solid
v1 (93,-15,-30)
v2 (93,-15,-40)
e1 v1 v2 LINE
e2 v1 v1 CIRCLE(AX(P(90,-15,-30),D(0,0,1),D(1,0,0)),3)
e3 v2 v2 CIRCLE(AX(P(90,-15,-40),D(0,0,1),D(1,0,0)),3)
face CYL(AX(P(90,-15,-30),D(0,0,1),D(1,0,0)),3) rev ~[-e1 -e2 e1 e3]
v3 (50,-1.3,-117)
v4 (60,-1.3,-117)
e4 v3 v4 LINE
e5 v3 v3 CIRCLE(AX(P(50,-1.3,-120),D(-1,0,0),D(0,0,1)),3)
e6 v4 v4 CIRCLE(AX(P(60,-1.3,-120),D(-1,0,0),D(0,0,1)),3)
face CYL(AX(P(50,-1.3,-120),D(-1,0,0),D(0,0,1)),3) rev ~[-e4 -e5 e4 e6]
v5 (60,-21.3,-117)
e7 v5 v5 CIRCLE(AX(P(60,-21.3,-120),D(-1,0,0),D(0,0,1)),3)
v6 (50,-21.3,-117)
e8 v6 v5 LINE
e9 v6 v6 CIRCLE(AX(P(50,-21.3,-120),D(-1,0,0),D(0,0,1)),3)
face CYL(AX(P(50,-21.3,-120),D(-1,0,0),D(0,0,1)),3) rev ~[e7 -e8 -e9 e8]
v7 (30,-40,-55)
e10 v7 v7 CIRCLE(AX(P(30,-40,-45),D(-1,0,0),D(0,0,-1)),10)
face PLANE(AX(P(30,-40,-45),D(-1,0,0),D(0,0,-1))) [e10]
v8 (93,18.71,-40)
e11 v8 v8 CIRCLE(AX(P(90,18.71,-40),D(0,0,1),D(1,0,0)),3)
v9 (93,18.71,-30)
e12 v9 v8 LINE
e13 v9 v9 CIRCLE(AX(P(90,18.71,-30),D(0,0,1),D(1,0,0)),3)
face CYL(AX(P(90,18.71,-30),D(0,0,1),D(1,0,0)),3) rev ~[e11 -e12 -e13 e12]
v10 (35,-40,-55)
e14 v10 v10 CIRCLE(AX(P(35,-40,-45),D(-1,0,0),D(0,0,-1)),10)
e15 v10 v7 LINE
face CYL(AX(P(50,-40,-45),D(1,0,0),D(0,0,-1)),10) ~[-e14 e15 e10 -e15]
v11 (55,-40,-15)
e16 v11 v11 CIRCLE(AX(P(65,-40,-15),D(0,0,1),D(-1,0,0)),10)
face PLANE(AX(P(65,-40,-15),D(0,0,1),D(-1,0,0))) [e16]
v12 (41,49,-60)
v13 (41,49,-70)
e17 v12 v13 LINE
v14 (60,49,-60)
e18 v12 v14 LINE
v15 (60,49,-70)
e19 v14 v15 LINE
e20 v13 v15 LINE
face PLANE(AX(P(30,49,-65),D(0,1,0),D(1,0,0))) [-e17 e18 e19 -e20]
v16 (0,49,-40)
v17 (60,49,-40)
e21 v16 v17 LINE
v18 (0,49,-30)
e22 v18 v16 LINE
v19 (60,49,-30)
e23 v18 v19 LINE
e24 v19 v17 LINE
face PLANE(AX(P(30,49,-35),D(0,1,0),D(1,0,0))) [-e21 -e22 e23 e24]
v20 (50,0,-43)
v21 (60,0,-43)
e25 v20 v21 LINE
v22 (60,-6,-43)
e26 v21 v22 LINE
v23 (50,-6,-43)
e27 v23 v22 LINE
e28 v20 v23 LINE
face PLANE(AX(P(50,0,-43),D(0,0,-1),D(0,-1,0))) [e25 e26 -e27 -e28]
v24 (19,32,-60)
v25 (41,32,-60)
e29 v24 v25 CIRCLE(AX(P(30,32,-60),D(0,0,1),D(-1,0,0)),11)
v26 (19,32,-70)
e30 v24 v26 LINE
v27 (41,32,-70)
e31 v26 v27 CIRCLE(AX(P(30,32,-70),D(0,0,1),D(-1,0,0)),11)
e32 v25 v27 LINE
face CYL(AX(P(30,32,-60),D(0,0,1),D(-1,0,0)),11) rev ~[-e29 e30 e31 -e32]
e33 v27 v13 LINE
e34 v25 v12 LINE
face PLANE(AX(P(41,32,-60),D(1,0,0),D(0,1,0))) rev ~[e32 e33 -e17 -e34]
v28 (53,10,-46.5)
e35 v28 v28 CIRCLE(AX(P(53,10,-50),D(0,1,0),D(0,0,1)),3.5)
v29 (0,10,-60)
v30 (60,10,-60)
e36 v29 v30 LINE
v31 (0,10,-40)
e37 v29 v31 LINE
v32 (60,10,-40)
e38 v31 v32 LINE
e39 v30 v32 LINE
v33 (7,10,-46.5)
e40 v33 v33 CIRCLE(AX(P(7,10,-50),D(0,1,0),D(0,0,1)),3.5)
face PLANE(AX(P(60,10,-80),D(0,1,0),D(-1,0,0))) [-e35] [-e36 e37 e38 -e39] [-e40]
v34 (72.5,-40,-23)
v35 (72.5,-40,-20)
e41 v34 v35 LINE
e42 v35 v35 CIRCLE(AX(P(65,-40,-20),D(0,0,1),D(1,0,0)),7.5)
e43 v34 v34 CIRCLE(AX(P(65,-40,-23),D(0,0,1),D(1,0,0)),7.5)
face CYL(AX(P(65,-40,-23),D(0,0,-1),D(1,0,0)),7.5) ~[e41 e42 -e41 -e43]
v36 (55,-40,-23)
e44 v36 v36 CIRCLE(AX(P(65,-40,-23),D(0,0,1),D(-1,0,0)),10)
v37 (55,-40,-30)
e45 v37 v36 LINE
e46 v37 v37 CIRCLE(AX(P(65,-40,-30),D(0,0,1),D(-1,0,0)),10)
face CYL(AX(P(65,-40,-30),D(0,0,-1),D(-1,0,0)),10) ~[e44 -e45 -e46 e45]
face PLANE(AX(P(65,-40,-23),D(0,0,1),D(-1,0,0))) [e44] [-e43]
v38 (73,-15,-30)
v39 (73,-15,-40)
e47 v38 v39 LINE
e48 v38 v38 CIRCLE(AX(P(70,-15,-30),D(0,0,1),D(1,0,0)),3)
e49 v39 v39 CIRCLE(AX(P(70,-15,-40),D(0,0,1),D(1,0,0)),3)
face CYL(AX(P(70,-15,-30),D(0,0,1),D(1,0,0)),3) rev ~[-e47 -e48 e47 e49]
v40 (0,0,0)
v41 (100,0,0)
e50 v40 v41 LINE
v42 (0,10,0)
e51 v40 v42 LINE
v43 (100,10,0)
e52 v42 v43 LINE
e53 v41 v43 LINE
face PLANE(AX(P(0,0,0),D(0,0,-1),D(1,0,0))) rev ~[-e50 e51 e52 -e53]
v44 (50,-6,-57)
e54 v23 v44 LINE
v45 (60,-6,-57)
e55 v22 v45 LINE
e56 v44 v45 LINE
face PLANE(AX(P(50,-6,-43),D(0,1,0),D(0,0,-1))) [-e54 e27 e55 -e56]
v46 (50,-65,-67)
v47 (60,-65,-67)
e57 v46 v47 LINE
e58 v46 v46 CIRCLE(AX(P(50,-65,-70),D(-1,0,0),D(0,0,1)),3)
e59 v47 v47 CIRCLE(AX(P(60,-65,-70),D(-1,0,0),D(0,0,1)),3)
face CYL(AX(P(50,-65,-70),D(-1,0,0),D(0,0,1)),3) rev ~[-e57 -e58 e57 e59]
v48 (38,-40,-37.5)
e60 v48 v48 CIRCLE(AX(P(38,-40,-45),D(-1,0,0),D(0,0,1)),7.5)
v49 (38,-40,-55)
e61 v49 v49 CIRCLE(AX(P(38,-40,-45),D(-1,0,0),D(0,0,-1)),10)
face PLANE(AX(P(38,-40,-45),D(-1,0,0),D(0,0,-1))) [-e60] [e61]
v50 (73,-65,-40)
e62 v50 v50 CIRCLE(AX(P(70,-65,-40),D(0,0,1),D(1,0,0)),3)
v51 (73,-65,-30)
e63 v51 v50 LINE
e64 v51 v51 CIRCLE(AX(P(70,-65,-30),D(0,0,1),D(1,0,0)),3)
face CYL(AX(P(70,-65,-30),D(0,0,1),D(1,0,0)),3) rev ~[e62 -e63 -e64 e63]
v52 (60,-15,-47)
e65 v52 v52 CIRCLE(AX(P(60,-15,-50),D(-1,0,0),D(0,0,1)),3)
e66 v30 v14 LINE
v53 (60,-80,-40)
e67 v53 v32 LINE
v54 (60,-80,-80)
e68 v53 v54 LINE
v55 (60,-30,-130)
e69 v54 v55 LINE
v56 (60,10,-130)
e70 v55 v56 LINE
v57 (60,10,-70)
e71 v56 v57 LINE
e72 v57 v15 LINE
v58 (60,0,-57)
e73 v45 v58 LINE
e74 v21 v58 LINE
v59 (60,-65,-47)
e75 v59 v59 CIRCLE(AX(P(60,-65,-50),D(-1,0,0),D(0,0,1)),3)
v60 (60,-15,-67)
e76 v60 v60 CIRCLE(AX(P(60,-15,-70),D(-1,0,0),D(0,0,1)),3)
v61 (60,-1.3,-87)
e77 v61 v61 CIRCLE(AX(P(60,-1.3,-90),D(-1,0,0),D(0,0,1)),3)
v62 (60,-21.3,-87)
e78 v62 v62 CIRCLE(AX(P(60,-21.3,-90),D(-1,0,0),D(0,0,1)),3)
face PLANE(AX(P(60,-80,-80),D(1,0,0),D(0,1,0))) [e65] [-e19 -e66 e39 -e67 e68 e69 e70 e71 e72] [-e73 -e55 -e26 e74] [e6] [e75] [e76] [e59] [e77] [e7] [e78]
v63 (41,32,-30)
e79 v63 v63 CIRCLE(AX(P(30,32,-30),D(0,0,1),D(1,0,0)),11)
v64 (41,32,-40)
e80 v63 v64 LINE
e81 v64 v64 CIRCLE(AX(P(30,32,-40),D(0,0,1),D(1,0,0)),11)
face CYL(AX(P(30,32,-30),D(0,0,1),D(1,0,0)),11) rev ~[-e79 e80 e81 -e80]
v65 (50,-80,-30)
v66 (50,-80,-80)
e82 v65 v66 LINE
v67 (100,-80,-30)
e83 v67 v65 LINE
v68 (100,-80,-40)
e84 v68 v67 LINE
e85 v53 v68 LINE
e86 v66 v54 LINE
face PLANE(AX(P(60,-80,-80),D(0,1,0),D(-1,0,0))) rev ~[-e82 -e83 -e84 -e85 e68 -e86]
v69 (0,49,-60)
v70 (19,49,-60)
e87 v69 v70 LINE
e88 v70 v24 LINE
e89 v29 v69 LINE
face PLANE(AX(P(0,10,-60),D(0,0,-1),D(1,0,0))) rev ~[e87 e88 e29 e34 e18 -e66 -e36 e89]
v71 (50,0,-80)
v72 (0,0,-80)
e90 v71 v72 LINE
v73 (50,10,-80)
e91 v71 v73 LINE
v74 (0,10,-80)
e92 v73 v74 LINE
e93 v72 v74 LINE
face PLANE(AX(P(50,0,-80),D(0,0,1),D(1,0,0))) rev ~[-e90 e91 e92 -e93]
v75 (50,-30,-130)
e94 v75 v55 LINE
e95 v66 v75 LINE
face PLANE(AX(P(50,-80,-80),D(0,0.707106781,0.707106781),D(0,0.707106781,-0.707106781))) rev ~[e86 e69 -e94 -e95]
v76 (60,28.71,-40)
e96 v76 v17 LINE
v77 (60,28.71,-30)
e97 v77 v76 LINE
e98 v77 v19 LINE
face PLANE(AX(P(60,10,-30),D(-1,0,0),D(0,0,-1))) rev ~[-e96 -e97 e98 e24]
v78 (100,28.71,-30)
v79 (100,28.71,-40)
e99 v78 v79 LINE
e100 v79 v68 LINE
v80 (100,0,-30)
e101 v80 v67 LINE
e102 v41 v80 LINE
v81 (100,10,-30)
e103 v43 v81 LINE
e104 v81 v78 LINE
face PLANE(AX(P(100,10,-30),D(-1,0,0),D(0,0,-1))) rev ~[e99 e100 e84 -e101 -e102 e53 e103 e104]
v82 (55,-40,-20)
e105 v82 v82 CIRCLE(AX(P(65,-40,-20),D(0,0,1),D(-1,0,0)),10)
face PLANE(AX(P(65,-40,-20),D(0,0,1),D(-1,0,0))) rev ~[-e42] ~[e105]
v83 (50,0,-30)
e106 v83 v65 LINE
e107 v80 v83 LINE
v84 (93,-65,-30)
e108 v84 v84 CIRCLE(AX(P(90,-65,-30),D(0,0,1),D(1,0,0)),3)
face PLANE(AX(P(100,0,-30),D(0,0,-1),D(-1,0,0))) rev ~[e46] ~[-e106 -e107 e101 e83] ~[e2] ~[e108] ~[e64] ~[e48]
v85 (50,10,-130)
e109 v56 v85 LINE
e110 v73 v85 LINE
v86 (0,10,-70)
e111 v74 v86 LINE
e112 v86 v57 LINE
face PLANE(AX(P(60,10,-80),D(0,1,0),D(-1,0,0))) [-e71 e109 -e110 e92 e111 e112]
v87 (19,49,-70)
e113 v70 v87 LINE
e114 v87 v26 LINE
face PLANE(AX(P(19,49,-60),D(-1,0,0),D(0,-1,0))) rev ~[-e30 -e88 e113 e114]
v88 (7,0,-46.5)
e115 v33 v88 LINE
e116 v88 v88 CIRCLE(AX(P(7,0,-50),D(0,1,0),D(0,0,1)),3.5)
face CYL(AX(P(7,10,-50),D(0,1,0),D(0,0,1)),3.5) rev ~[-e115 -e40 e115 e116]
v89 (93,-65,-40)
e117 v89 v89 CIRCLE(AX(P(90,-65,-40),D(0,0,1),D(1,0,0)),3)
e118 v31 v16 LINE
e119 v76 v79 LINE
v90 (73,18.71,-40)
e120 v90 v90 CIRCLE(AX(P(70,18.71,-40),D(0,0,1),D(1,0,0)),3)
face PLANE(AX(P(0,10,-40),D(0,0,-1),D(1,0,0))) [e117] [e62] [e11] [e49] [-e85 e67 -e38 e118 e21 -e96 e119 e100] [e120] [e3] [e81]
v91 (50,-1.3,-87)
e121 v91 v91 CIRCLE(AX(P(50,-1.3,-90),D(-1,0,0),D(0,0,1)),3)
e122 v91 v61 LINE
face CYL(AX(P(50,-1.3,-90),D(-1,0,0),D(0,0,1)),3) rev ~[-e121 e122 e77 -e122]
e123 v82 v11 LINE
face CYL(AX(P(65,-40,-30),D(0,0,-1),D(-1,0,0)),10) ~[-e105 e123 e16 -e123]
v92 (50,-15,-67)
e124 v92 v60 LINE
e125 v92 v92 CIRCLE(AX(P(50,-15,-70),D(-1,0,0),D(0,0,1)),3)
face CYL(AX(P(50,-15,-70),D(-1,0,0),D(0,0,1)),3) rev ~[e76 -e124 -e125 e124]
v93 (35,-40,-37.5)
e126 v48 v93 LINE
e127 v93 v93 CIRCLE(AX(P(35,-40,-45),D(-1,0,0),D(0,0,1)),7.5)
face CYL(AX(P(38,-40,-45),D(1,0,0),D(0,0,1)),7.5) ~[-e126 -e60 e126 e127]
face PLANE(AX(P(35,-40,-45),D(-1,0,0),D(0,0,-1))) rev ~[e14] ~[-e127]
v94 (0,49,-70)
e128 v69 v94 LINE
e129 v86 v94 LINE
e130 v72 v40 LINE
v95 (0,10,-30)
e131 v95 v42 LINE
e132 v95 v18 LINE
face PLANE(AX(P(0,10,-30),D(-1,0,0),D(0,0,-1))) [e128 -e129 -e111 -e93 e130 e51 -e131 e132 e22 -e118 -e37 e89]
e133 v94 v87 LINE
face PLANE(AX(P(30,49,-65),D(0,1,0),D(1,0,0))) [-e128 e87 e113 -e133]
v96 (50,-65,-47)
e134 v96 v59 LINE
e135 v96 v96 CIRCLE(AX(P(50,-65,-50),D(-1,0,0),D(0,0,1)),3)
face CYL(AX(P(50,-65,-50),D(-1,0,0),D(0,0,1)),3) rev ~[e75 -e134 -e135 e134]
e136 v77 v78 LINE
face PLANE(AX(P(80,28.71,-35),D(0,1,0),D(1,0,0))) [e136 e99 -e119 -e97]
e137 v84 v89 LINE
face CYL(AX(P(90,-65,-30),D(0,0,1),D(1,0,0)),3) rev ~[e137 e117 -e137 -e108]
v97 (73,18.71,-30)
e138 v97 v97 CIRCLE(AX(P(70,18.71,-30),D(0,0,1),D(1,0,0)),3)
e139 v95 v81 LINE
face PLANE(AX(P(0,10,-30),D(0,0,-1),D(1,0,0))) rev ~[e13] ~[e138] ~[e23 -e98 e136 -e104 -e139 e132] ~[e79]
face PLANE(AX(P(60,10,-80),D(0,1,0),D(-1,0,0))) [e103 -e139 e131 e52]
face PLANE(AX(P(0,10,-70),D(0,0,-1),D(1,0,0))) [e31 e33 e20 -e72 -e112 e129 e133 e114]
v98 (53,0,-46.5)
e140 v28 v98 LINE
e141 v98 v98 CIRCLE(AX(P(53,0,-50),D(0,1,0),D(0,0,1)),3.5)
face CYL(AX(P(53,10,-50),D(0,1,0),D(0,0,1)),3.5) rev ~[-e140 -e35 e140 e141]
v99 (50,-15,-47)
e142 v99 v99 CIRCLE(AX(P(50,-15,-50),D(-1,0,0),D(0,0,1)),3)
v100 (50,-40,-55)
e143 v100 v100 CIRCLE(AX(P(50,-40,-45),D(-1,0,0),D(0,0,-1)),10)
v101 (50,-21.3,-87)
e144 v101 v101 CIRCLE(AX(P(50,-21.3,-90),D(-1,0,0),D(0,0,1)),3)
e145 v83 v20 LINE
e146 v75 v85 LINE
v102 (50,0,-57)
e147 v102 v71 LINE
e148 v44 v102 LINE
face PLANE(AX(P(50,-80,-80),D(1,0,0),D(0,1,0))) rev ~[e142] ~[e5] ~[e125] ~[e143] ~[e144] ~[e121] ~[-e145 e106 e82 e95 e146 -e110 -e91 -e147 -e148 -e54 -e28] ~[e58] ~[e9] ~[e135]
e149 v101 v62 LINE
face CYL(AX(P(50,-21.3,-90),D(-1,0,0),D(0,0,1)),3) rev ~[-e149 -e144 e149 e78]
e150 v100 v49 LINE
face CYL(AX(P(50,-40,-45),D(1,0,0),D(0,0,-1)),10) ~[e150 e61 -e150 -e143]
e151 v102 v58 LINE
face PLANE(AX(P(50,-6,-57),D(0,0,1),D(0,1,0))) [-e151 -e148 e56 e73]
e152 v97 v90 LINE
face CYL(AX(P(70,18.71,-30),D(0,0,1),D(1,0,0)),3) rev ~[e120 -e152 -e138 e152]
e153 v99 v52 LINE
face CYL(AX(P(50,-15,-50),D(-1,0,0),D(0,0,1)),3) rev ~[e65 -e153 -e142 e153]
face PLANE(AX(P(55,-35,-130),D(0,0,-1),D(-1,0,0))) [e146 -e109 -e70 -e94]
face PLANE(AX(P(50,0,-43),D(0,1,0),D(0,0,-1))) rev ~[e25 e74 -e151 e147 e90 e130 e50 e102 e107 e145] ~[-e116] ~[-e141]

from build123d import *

# Parameters (mm, degrees)
BOSS_EXTRUDE1_DEPTH = 10
BOSS_EXTRUDE2_DEPTH = 80
SKETCH3_W           = 40
SKETCH3_H           = 10
BOSS_EXTRUDE3_DEPTH = 18.71
SKETCH4_W           = 10
SKETCH4_H           = 90
BOSS_EXTRUDE4_DEPTH = 50
CUT_EXTRUDE1_REACH  = 162.624
SKETCH6_R           = 3.5
CUT_EXTRUDE2_DEPTH  = 10
CUT_EXTRUDE3_DEPTH  = 10
SKETCH8_R           = 3
CUT_EXTRUDE4_DEPTH  = 10
SKETCH9_R           = 3
CUT_EXTRUDE5_DEPTH  = 10
SKETCH10_W          = 60
SKETCH10_H          = 10
BOSS_EXTRUDE5_DEPTH = 39
SKETCH11_R          = 11
CUT_EXTRUDE6_DEPTH  = 10
CUT_EXTRUDE7_START  = -10
CUT_EXTRUDE7_DEPTH  = 10
SKETCH13_R          = 10
BOSS_EXTRUDE6_DEPTH = 15
CUT_EXTRUDE8_START  = -8
SKETCH14_R          = 10
SKETCH14_R_2        = 7.5
CUT_EXTRUDE8_DEPTH  = 3
SKETCH15_R          = 10
BOSS_EXTRUDE7_DEPTH = 20
CUT_EXTRUDE9_START  = -8
SKETCH16_R          = 10
SKETCH16_R_2        = 7.5
CUT_EXTRUDE9_DEPTH  = 3


with BuildPart() as part:
    # Sketch1 → Boss-Extrude1 (new body)
    with BuildSketch(Plane(origin=(0, 0, 0), x_dir=(1, 0, 0), z_dir=(0, 1, 0))):
        Polygon((0, 0), (100, 0), (100, 40), (60, 40), (60, 80), (0, 80), align=None)
    extrude(amount=BOSS_EXTRUDE1_DEPTH)

    # Sketch2 → Boss-Extrude2 (add)
    with BuildSketch(Plane.XZ):
        Polygon((60, -40), (100, -40), (100, -30), (50, -30), (50, -80), (60, -80), align=None)
    extrude(amount=BOSS_EXTRUDE2_DEPTH)

    # Sketch3 → Boss-Extrude3 (add)
    with BuildSketch(Plane(origin=(0, 10, 0), x_dir=(1, 0, 0), z_dir=(0, 1, 0))):
        with Locations((80, 35)):
            Rectangle(SKETCH3_W, SKETCH3_H)
    extrude(amount=BOSS_EXTRUDE3_DEPTH)

    # Sketch4 → Boss-Extrude4 (add)
    with BuildSketch(Plane(origin=(0, 0, -80), x_dir=(-1, 0, 0), z_dir=(0, 0, -1))):
        with Locations((-55, -35)):
            Rectangle(SKETCH4_W, SKETCH4_H)
    extrude(amount=BOSS_EXTRUDE4_DEPTH)

    # Sketch5 → Cut-Extrude1 (cut, up to next)
    with BuildSketch(Plane.ZY.offset(-50), mode=Mode.PRIVATE) as cut_extrude1_sk1:
        Polygon((-80, -80), (-130, -30), (-130, -80), align=None)
    cut_extrude1_tool1 = extrude(cut_extrude1_sk1.sketch, amount=-CUT_EXTRUDE1_REACH, mode=Mode.PRIVATE) & part.part
    add(cut_extrude1_tool1.solids().sort_by_distance((50, -63.333333, -113.333333))[0], mode=Mode.SUBTRACT)

    # Sketch6 → Cut-Extrude2 (cut)
    with BuildSketch(Plane(origin=(0, 10, 0), x_dir=(1, 0, 0), z_dir=(0, 1, 0))):
        with Locations(Location((7, 50, 0), (0, 0, 270))):
            Circle(SKETCH6_R)
        with Locations(Location((53, 50, 0), (0, 0, 270))):
            Circle(SKETCH6_R)
    extrude(amount=-CUT_EXTRUDE2_DEPTH, mode=Mode.SUBTRACT)

    # Sketch7 → Cut-Extrude3 (cut)
    with BuildSketch(Plane.ZY.offset(-50)):
        Polygon((-50, 0), (-43, 0), (-43, -6), (-57, -6), (-57, 0), align=None)
    extrude(amount=-CUT_EXTRUDE3_DEPTH, mode=Mode.SUBTRACT)

    # Sketch8 → Cut-Extrude4 (cut)
    with BuildSketch(Plane.XY.offset(-30)):
        with Locations((70, 18.71)):
            Circle(SKETCH8_R)
        with Locations((90, 18.71)):
            Circle(SKETCH8_R)
        with Locations((70, -15)):
            Circle(SKETCH8_R)
        with Locations((90, -15)):
            Circle(SKETCH8_R)
        with Locations((90, -65)):
            Circle(SKETCH8_R)
        with Locations((70, -65)):
            Circle(SKETCH8_R)
    extrude(amount=-CUT_EXTRUDE4_DEPTH, mode=Mode.SUBTRACT)

    # Sketch9 → Cut-Extrude5 (cut)
    with BuildSketch(Plane.ZY.offset(-50)):
        with Locations((-50, -15)):
            Circle(SKETCH9_R)
        with Locations((-70, -15)):
            Circle(SKETCH9_R)
        with Locations((-70, -65)):
            Circle(SKETCH9_R)
        with Locations((-50, -65)):
            Circle(SKETCH9_R)
        with Locations((-90, -1.3)):
            Circle(SKETCH9_R)
        with Locations((-120, -1.3)):
            Circle(SKETCH9_R)
        with Locations((-90, -21.3)):
            Circle(SKETCH9_R)
        with Locations((-120, -21.3)):
            Circle(SKETCH9_R)
    extrude(amount=-CUT_EXTRUDE5_DEPTH, mode=Mode.SUBTRACT)

    # Sketch10 → Boss-Extrude5 (add)
    with BuildSketch(Plane(origin=(0, 10, 0), x_dir=(1, 0, 0), z_dir=(0, 1, 0))):
        with Locations((30, 35)):
            Rectangle(SKETCH10_W, SKETCH10_H)
        with Locations((30, 65)):
            Rectangle(SKETCH10_W, SKETCH10_H)
    extrude(amount=BOSS_EXTRUDE5_DEPTH)

    # Sketch11 → Cut-Extrude6 (cut)
    with BuildSketch(Plane.XY.offset(-30)):
        with Locations((30, 32)):
            Circle(SKETCH11_R)
    extrude(amount=-CUT_EXTRUDE6_DEPTH, mode=Mode.SUBTRACT)

    # Sketch12 → Cut-Extrude7 (cut)
    with BuildSketch(Plane(origin=(0, 0, -70), x_dir=(-1, 0, 0), z_dir=(0, 0, -1)).offset(CUT_EXTRUDE7_START)):
        with BuildLine():
            Line((-19, 49), (-19, 32))
            ThreePointArc((-19, 32), (-30, 21), (-41, 32))
            Line((-41, 32), (-41, 49))
            Line((-41, 49), (-19, 49))
        make_face()
    extrude(amount=CUT_EXTRUDE7_DEPTH, mode=Mode.SUBTRACT)

    # Sketch13 → Boss-Extrude6 (add)
    with BuildSketch(Plane.XY.offset(-30)):
        with Locations(Location((65, -40, 0), (0, 0, 180))):
            Circle(SKETCH13_R)
    extrude(amount=BOSS_EXTRUDE6_DEPTH)

    # Sketch14 → Cut-Extrude8 (cut)
    with BuildSketch(Plane.XY.offset(-15).offset(CUT_EXTRUDE8_START)):
        with Locations(Location((65, -40, 0), (0, 0, 180))):
            Circle(SKETCH14_R)
        with Locations((65, -40)):
            Circle(SKETCH14_R_2, mode=Mode.SUBTRACT)
    extrude(amount=CUT_EXTRUDE8_DEPTH, mode=Mode.SUBTRACT)

    # Sketch15 → Boss-Extrude7 (add)
    with BuildSketch(Plane.ZY.offset(-50)):
        with Locations(Location((-45, -40, 0), (0, 0, 180))):
            Circle(SKETCH15_R)
    extrude(amount=BOSS_EXTRUDE7_DEPTH)

    # Sketch16 → Cut-Extrude9 (cut)
    with BuildSketch(Plane.ZY.offset(-30).offset(CUT_EXTRUDE9_START)):
        with Locations(Location((-45, -40, 0), (0, 0, 180))):
            Circle(SKETCH16_R)
        with Locations((-45, -40)):
            Circle(SKETCH16_R_2, mode=Mode.SUBTRACT)
    extrude(amount=CUT_EXTRUDE9_DEPTH, mode=Mode.SUBTRACT)


solid = part.part
